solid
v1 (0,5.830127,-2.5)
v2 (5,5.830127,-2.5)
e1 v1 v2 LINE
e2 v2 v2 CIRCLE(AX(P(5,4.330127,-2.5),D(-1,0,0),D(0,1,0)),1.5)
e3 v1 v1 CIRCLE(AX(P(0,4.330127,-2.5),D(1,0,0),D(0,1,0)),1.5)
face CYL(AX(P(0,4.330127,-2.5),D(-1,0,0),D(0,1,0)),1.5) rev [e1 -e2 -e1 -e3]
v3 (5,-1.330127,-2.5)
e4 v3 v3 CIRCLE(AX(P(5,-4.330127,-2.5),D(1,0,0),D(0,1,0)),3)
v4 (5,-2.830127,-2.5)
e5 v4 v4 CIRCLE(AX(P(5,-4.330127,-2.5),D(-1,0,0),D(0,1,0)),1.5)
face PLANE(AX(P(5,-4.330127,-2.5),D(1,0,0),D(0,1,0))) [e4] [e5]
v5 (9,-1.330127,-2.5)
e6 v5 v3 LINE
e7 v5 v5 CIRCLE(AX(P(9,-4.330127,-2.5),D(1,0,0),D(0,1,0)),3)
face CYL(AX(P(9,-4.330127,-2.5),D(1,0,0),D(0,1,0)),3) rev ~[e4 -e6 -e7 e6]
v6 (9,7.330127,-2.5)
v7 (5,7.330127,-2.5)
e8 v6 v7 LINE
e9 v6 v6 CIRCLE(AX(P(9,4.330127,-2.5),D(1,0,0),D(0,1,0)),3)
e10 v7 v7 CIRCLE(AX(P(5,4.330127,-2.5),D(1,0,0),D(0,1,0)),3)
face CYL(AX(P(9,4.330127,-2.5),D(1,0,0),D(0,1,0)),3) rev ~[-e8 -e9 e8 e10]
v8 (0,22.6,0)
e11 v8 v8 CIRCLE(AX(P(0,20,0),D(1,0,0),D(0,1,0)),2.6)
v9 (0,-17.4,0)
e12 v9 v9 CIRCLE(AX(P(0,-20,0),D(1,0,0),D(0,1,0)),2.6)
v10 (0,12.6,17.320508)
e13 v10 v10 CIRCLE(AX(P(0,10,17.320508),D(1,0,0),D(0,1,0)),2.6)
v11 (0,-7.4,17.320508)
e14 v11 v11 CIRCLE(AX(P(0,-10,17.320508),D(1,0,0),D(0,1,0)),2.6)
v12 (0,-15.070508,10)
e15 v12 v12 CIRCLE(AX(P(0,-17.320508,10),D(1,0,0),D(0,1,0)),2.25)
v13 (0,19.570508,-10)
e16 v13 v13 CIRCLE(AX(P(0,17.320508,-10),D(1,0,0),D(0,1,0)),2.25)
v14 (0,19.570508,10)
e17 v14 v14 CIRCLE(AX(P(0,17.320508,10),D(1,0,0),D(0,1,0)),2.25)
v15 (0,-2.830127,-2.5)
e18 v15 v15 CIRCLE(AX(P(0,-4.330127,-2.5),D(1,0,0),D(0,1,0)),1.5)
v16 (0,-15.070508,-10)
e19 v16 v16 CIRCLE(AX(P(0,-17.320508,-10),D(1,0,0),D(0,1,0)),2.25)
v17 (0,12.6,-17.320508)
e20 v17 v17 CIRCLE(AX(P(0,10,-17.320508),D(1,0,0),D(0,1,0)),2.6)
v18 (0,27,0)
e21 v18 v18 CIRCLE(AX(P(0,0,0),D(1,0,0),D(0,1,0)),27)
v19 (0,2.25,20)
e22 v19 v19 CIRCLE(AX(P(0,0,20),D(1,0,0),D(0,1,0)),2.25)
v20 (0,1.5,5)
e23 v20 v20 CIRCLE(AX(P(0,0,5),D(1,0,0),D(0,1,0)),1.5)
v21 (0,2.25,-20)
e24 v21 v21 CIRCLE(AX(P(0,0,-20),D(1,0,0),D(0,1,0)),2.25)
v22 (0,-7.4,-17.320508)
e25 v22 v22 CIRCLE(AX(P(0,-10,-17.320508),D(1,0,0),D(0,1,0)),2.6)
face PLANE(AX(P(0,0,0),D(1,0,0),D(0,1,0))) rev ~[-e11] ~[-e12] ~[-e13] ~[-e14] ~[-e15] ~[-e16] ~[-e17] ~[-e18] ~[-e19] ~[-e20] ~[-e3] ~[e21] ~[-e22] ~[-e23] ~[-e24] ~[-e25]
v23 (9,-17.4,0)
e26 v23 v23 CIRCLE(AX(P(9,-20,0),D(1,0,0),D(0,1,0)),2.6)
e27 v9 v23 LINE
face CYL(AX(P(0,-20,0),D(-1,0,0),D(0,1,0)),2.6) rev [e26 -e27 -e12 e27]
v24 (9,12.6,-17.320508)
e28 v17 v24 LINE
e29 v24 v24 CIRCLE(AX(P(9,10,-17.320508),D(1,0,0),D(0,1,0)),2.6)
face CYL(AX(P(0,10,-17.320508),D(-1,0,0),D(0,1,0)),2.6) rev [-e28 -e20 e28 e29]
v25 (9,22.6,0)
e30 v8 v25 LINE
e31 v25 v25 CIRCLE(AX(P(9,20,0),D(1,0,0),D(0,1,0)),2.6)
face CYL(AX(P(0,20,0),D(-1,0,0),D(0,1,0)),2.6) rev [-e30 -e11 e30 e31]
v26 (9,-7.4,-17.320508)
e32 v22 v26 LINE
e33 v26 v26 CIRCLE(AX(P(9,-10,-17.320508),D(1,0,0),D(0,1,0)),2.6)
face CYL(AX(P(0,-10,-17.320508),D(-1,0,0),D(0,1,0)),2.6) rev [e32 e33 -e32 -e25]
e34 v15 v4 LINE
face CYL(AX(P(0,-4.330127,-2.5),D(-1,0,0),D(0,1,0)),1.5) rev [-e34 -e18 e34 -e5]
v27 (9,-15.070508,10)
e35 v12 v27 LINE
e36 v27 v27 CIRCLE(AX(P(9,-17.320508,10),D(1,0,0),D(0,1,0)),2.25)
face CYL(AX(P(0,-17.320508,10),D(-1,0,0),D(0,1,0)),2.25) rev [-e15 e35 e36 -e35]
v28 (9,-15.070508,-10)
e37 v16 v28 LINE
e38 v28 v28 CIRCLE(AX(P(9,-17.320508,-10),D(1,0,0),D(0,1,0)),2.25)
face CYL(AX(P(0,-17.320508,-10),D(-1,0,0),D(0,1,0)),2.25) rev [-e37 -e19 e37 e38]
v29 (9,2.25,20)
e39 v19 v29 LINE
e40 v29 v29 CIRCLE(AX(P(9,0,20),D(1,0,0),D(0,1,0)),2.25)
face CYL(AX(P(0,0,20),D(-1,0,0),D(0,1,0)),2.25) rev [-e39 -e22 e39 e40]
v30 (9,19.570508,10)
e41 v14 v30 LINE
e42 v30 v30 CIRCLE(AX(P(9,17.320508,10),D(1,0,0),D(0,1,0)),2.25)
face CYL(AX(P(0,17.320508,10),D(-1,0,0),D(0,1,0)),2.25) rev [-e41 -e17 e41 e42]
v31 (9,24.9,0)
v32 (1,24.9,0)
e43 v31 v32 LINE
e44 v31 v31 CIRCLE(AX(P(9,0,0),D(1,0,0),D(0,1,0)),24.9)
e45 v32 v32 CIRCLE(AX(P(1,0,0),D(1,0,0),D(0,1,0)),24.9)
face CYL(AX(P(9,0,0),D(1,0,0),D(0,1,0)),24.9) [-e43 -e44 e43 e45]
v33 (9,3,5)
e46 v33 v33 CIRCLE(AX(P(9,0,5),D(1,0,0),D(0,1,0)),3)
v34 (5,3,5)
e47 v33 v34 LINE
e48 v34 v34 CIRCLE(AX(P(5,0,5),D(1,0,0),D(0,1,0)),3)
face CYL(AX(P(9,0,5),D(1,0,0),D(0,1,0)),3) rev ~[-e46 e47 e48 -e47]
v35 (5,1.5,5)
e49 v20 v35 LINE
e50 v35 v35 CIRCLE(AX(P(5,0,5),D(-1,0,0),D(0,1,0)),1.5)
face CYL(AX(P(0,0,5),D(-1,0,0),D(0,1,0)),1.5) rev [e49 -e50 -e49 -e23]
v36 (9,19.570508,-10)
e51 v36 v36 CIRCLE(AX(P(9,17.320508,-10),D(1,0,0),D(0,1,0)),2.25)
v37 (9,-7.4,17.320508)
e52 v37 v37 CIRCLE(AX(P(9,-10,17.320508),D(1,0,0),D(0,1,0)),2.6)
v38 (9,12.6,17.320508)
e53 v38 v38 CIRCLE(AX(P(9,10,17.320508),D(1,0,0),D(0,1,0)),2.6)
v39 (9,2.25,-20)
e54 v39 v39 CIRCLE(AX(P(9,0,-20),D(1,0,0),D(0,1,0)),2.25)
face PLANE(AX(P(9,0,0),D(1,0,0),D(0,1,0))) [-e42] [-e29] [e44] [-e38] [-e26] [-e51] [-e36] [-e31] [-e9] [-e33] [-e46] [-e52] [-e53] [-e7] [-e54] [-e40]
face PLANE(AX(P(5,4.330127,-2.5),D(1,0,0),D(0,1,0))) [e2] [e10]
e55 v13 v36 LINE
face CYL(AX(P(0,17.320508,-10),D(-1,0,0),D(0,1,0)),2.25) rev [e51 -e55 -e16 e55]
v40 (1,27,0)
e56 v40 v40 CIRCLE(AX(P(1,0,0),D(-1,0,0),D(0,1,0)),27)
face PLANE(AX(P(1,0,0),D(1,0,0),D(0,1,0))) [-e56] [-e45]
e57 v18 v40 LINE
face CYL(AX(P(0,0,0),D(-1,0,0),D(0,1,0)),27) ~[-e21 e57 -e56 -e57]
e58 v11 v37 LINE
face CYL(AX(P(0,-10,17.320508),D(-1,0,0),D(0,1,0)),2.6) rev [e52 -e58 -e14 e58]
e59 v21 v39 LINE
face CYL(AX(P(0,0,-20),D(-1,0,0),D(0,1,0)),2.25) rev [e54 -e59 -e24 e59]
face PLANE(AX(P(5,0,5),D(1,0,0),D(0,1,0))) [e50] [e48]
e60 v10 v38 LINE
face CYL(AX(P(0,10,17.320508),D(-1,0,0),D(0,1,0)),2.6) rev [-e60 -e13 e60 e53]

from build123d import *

# Parameters (mm, degrees)
SKETCH020_R     = 27
SKETCH020_R_2   = 1.5
SKETCH020_R_3   = 2.25
SKETCH020_R_4   = 2.6
PAD017_DEPTH    = 9
SKETCH021_R     = 30
SKETCH021_R_2   = 24.9
POCKET003_DEPTH = 8
SKETCH022_R     = 3
POCKET004_DEPTH = 4


with BuildPart() as part:
    # Sketch020 → Pad017 (new body)
    with BuildSketch(Plane.YZ):
        Circle(SKETCH020_R)
        with Locations((0, 5)):
            Circle(SKETCH020_R_2, mode=Mode.SUBTRACT)
        with Locations((-4.330127, -2.5)):
            Circle(SKETCH020_R_2, mode=Mode.SUBTRACT)
        with Locations((4.330127, -2.5)):
            Circle(SKETCH020_R_2, mode=Mode.SUBTRACT)
        with Locations((0, 20)):
            Circle(SKETCH020_R_3, mode=Mode.SUBTRACT)
        with Locations((0, -20)):
            Circle(SKETCH020_R_3, mode=Mode.SUBTRACT)
        with Locations((17.320508, -10)):
            Circle(SKETCH020_R_3, mode=Mode.SUBTRACT)
        with Locations((-17.320508, -10)):
            Circle(SKETCH020_R_3, mode=Mode.SUBTRACT)
        with Locations((-17.320508, 10)):
            Circle(SKETCH020_R_3, mode=Mode.SUBTRACT)
        with Locations((17.320508, 10)):
            Circle(SKETCH020_R_3, mode=Mode.SUBTRACT)
        with Locations((20, 0)):
            Circle(SKETCH020_R_4, mode=Mode.SUBTRACT)
        with Locations((-20, 0)):
            Circle(SKETCH020_R_4, mode=Mode.SUBTRACT)
        with Locations((-10, -17.320508)):
            Circle(SKETCH020_R_4, mode=Mode.SUBTRACT)
        with Locations((10, -17.320508)):
            Circle(SKETCH020_R_4, mode=Mode.SUBTRACT)
        with Locations((10, 17.320508)):
            Circle(SKETCH020_R_4, mode=Mode.SUBTRACT)
        with Locations((-10, 17.320508)):
            Circle(SKETCH020_R_4, mode=Mode.SUBTRACT)
    extrude(amount=PAD017_DEPTH)

    # Sketch021 (on DatumPlane) → Pocket003 (cut)
    with BuildSketch(Plane.YZ.offset(9)):
        Circle(SKETCH021_R)
        Circle(SKETCH021_R_2, mode=Mode.SUBTRACT)
    extrude(amount=-POCKET003_DEPTH, mode=Mode.SUBTRACT)

    # Sketch022 (on DatumPlane) → Pocket004 (cut)
    with BuildSketch(Plane.YZ.offset(9)):
        with Locations((0, 5)):
            Circle(SKETCH022_R)
        with Locations((4.330127, -2.5)):
            Circle(SKETCH022_R)
        with Locations((-4.330127, -2.5)):
            Circle(SKETCH022_R)
    extrude(amount=-POCKET004_DEPTH, mode=Mode.SUBTRACT)


solid = part.part
